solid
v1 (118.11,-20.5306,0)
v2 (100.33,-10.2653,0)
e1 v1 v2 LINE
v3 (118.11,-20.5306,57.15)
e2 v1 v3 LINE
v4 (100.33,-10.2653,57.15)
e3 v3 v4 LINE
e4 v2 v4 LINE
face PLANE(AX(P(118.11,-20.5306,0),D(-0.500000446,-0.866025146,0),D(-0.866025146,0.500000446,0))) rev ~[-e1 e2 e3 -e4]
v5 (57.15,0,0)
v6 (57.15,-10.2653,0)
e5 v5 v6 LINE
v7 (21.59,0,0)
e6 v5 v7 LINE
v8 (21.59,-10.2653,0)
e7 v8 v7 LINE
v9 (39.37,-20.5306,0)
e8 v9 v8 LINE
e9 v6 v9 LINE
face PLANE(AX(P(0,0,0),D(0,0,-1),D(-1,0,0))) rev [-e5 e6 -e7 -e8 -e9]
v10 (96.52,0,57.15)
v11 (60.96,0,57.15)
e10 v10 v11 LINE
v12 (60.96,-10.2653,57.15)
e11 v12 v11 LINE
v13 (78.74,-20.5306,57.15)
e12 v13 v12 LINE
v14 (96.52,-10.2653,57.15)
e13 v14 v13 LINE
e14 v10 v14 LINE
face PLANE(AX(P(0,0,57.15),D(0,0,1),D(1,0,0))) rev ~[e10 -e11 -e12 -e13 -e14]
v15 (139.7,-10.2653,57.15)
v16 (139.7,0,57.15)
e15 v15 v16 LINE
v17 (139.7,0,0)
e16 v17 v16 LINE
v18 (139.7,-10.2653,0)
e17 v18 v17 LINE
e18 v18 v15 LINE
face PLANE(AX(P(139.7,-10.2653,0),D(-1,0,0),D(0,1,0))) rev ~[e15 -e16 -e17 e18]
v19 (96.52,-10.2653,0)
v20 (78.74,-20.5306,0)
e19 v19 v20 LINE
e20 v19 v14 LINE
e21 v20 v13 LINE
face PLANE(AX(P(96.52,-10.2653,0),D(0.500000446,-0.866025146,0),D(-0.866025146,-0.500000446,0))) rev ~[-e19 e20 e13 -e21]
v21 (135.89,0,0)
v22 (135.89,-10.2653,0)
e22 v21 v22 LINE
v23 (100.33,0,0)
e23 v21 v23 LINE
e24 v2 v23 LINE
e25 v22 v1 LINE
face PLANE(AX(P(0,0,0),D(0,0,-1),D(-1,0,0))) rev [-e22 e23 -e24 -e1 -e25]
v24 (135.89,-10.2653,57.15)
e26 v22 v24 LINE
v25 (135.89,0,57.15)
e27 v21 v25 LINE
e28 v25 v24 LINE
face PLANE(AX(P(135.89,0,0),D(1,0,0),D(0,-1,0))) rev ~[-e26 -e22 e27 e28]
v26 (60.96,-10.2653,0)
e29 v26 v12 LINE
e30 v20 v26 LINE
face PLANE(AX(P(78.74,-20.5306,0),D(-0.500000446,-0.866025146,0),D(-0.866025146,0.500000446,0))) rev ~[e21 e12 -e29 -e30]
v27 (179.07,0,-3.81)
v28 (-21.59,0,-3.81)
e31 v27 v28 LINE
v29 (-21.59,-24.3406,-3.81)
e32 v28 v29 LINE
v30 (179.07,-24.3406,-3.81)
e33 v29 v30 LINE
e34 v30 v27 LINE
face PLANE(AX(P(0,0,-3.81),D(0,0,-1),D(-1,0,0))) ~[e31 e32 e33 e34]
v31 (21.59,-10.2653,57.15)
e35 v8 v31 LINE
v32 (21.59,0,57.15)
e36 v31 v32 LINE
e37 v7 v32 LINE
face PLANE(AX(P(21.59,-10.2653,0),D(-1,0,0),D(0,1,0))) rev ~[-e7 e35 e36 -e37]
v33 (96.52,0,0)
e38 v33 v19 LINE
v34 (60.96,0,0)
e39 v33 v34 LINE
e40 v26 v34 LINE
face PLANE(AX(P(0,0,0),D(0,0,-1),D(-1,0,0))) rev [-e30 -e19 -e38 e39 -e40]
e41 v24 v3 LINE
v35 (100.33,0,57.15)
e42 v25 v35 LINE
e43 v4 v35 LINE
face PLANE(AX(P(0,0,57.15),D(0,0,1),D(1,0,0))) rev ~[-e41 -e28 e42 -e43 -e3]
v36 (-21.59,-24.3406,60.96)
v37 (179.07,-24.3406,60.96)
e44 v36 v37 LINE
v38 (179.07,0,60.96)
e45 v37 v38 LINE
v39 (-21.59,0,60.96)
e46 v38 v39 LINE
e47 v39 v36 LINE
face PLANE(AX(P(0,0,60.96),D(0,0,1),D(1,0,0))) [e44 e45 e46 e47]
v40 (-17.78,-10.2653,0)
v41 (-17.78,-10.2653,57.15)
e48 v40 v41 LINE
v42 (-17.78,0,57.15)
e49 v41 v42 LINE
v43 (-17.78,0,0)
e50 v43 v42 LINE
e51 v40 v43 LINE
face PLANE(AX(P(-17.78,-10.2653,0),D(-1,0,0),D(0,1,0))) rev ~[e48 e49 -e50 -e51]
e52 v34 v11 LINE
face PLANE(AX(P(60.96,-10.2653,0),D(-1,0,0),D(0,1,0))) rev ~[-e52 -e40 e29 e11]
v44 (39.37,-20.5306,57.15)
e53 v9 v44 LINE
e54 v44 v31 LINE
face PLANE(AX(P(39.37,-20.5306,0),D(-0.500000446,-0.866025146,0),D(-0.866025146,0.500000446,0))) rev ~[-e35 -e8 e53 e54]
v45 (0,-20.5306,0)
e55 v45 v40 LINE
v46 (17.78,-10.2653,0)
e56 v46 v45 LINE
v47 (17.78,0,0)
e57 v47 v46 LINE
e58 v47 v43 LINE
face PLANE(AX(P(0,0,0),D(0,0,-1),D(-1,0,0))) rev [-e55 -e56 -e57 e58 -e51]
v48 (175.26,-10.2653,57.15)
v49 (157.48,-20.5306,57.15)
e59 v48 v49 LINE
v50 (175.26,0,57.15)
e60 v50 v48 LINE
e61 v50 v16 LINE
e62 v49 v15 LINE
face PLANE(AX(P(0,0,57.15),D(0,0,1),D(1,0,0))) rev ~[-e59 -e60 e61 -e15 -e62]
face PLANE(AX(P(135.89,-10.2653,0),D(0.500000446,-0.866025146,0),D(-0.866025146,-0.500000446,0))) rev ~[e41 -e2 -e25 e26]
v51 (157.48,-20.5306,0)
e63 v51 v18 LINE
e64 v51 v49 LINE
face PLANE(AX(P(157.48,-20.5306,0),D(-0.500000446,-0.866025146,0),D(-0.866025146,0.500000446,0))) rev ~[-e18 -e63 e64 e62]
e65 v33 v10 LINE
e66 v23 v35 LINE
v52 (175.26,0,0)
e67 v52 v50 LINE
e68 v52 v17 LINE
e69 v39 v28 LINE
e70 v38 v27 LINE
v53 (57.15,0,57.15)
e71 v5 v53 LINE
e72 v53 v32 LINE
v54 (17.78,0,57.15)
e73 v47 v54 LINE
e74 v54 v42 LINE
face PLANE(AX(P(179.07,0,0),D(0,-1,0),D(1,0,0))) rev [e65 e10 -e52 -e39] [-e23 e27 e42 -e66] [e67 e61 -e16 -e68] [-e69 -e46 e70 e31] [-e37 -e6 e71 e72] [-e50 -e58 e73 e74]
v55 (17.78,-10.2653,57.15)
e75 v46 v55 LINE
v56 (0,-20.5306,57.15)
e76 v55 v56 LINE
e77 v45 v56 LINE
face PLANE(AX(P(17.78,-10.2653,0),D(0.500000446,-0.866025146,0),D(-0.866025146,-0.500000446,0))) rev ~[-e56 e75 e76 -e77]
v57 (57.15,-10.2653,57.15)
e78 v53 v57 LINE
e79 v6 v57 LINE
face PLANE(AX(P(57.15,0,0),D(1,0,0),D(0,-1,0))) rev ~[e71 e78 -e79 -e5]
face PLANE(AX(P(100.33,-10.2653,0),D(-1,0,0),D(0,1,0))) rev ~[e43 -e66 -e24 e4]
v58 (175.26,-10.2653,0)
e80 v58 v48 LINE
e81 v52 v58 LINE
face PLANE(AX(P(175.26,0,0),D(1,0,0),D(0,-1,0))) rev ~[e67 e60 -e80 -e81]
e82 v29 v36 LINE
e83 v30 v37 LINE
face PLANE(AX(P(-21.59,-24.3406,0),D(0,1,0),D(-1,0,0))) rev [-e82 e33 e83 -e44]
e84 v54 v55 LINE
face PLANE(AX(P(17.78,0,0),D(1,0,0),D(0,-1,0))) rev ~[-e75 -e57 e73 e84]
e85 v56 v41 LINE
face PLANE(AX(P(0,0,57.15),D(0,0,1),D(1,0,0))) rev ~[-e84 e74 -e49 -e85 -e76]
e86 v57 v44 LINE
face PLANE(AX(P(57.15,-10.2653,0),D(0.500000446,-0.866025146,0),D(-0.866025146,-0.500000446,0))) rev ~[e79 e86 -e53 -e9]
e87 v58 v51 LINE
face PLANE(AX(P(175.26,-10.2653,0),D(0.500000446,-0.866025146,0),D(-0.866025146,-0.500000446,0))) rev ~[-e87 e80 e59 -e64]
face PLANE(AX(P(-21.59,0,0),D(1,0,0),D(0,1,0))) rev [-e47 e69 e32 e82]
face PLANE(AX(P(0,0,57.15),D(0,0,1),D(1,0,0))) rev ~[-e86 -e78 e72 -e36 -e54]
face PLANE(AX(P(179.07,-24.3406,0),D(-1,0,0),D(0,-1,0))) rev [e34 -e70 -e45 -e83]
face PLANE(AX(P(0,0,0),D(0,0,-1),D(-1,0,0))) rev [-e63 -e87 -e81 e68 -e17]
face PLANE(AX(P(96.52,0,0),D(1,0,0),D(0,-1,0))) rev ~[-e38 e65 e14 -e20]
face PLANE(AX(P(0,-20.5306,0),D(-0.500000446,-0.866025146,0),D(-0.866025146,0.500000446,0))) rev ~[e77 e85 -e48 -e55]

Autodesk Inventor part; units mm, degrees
ref_plane "YZ Plane" through (0, 0, 0) normal (1, 0, 0) x (0, 1, 0)
ref_plane "XZ Plane" through (0, 0, 0) normal (0, 1, 0) x (-1, 0, 0)
sketch "Sketch1" plane through (0, 0, 0) normal (0, 0, 1) x (1, 0, 0)
  line L0 (17.78, -10.2653) -> (0, -20.5306)
  line L1 (0, -20.5306) -> (-17.78, -10.2653)
  line L2 (-17.78, -10.2653) -> (-17.78, 10.2653)
  line L3 (-17.78, 10.2653) -> (0, 20.5306)
  line L4 (0, 20.5306) -> (17.78, 10.2653)
  line L5 (17.78, 10.2653) -> (17.78, -10.2653)
  line L6 (0, 0) -> (20.8337, 0) construction
  line L7 (57.15, -10.2653) -> (39.37, -20.5306)
  line L8 (39.37, -20.5306) -> (21.59, -10.2653)
  line L9 (21.59, -10.2653) -> (21.59, 10.2653)
  line L10 (21.59, 10.2653) -> (39.37, 20.5306)
  line L11 (39.37, 20.5306) -> (57.15, 10.2653)
  line L12 (57.15, 10.2653) -> (57.15, -10.2653)
  line L13 (39.37, 0) -> (60.2037, 0) construction
  line L14 (96.52, -10.2653) -> (78.74, -20.5306)
  line L15 (78.74, -20.5306) -> (60.96, -10.2653)
  line L16 (60.96, -10.2653) -> (60.96, 10.2653)
  line L17 (60.96, 10.2653) -> (78.74, 20.5306)
  line L18 (78.74, 20.5306) -> (96.52, 10.2653)
  line L19 (96.52, 10.2653) -> (96.52, -10.2653)
  line L20 (78.74, 0) -> (99.5737, 0) construction
  line L21 (135.89, -10.2653) -> (118.11, -20.5306)
  line L22 (118.11, -20.5306) -> (100.33, -10.2653)
  line L23 (100.33, -10.2653) -> (100.33, 10.2653)
  line L24 (100.33, 10.2653) -> (118.11, 20.5306)
  line L25 (118.11, 20.5306) -> (135.89, 10.2653)
  line L26 (135.89, 10.2653) -> (135.89, -10.2653)
  line L27 (118.11, 0) -> (138.9437, 0) construction
  line L28 (175.26, -10.2653) -> (157.48, -20.5306)
  line L29 (157.48, -20.5306) -> (139.7, -10.2653)
  line L30 (139.7, -10.2653) -> (139.7, 10.2653)
  line L31 (139.7, 10.2653) -> (157.48, 20.5306)
  line L32 (157.48, 20.5306) -> (175.26, 10.2653)
  line L33 (175.26, 10.2653) -> (175.26, -10.2653)
  line L34 (157.48, 0) -> (178.3137, 0) construction
  line L35 (-17.78, 0) -> (-21.59, 0) construction
  line L36 (0, -20.5306) -> (0, -24.3406) construction
  line L37 (0, -24.3406) -> (-21.59, -24.3406) construction
  line L38 (-21.59, -24.3406) -> (-21.59, 0) construction
  line L39 (157.48, -20.5306) -> (157.48, -24.3406) construction
  line L40 (175.26, 0) -> (179.07, 0) construction
  line L41 (179.07, 0) -> (179.07, -24.3406) construction
  line L42 (179.07, -24.3406) -> (157.48, -24.3406) construction
  line L43 (-17.78, 0) -> (-21.59, 0)
  line L44 (-21.59, -24.3406) -> (-21.59, 0)
  line L45 (-21.59, -24.3406) -> (179.07, -24.3406)
  line L46 (179.07, -24.3406) -> (179.07, 0)
  line L47 (179.07, 0) -> (175.26, 0)
  line L48 (17.78, 0) -> (21.59, 0)
  line L49 (57.15, 0) -> (60.96, 0)
  line L50 (96.52, 0) -> (100.33, 0)
  line L51 (135.89, 0) -> (139.7, 0)
  dimension "d0" = 35.56
  dimension "d3" = 39.37
  dimension "d8" = 3.81
  dimension "d9" = 3.81
  dimension "d10" = 3.81
  dimension "d11" = 3.81
extrude "Extrusion1" add sketch "Sketch1" along normal blind 57.15 contours L5 L48 L9 L8 L7 L12 L49 L16 L15 L14 L19 L50 L23 L22 L21 L26 L51 L30 L29 L28 L33 L47 L46 L45 L44 L43 L2 L1 L0
sketch "Sketch2" plane through (0, 0, 57.15) normal (0, 0, 1) x (1, 0, 0)
  line L0 (-17.78, -10.2653) -> (-17.78, 0) construction
  line L1 (-17.78, 0) -> (-21.59, 0) construction
  line L2 (-21.59, 0) -> (-21.59, -24.3406) construction
  line L3 (-21.59, -24.3406) -> (179.07, -24.3406) construction
  line L4 (179.07, -24.3406) -> (179.07, 0) construction
  line L5 (179.07, 0) -> (175.26, 0) construction
  line L6 (175.26, 0) -> (175.26, -10.2653) construction
  line L7 (175.26, -10.2653) -> (157.48, -20.5306) construction
  line L8 (157.48, -20.5306) -> (139.7, -10.2653) construction
  line L9 (139.7, -10.2653) -> (139.7, 0) construction
  line L10 (139.7, 0) -> (135.89, 0) construction
  line L11 (135.89, 0) -> (135.89, -10.2653) construction
  line L12 (135.89, -10.2653) -> (118.11, -20.5306) construction
  line L13 (118.11, -20.5306) -> (100.33, -10.2653) construction
  line L14 (100.33, -10.2653) -> (100.33, 0) construction
  line L15 (100.33, 0) -> (96.52, 0) construction
  line L16 (96.52, 0) -> (96.52, -10.2653) construction
  line L17 (96.52, -10.2653) -> (78.74, -20.5306) construction
  line L18 (78.74, -20.5306) -> (60.96, -10.2653) construction
  line L19 (60.96, -10.2653) -> (60.96, 0) construction
  line L20 (60.96, 0) -> (57.15, 0) construction
  line L21 (57.15, 0) -> (57.15, -10.2653) construction
  line L22 (57.15, -10.2653) -> (39.37, -20.5306) construction
  line L23 (39.37, -20.5306) -> (21.59, -10.2653) construction
  line L24 (21.59, -10.2653) -> (21.59, 0) construction
  line L25 (21.59, 0) -> (17.78, 0) construction
  line L26 (17.78, 0) -> (17.78, -10.2653) construction
  line L27 (17.78, -10.2653) -> (0, -20.5306) construction
  line L28 (0, -20.5306) -> (-17.78, -10.2653) construction
  line L29 (-21.59, -24.3406) -> (179.07, -24.3406)
  line L30 (179.07, -24.3406) -> (179.07, 0)
  line L31 (179.07, 0) -> (-21.59, 0)
  line L32 (-21.59, 0) -> (-21.59, -24.3406)
  point P0 (0, 0)
ref_plane "Work Plane1" through (0, 0, 28.575) normal (0, 0, 1) x (1, 0, 0)
extrude "Extrusion2" add sketch "Sketch2" along normal blind 3.81
mirror "Mirror1" about plane through (0, 0, 28.575) normal (0, 0, 1) of "Extrusion2"
properties part number "Bottom"
